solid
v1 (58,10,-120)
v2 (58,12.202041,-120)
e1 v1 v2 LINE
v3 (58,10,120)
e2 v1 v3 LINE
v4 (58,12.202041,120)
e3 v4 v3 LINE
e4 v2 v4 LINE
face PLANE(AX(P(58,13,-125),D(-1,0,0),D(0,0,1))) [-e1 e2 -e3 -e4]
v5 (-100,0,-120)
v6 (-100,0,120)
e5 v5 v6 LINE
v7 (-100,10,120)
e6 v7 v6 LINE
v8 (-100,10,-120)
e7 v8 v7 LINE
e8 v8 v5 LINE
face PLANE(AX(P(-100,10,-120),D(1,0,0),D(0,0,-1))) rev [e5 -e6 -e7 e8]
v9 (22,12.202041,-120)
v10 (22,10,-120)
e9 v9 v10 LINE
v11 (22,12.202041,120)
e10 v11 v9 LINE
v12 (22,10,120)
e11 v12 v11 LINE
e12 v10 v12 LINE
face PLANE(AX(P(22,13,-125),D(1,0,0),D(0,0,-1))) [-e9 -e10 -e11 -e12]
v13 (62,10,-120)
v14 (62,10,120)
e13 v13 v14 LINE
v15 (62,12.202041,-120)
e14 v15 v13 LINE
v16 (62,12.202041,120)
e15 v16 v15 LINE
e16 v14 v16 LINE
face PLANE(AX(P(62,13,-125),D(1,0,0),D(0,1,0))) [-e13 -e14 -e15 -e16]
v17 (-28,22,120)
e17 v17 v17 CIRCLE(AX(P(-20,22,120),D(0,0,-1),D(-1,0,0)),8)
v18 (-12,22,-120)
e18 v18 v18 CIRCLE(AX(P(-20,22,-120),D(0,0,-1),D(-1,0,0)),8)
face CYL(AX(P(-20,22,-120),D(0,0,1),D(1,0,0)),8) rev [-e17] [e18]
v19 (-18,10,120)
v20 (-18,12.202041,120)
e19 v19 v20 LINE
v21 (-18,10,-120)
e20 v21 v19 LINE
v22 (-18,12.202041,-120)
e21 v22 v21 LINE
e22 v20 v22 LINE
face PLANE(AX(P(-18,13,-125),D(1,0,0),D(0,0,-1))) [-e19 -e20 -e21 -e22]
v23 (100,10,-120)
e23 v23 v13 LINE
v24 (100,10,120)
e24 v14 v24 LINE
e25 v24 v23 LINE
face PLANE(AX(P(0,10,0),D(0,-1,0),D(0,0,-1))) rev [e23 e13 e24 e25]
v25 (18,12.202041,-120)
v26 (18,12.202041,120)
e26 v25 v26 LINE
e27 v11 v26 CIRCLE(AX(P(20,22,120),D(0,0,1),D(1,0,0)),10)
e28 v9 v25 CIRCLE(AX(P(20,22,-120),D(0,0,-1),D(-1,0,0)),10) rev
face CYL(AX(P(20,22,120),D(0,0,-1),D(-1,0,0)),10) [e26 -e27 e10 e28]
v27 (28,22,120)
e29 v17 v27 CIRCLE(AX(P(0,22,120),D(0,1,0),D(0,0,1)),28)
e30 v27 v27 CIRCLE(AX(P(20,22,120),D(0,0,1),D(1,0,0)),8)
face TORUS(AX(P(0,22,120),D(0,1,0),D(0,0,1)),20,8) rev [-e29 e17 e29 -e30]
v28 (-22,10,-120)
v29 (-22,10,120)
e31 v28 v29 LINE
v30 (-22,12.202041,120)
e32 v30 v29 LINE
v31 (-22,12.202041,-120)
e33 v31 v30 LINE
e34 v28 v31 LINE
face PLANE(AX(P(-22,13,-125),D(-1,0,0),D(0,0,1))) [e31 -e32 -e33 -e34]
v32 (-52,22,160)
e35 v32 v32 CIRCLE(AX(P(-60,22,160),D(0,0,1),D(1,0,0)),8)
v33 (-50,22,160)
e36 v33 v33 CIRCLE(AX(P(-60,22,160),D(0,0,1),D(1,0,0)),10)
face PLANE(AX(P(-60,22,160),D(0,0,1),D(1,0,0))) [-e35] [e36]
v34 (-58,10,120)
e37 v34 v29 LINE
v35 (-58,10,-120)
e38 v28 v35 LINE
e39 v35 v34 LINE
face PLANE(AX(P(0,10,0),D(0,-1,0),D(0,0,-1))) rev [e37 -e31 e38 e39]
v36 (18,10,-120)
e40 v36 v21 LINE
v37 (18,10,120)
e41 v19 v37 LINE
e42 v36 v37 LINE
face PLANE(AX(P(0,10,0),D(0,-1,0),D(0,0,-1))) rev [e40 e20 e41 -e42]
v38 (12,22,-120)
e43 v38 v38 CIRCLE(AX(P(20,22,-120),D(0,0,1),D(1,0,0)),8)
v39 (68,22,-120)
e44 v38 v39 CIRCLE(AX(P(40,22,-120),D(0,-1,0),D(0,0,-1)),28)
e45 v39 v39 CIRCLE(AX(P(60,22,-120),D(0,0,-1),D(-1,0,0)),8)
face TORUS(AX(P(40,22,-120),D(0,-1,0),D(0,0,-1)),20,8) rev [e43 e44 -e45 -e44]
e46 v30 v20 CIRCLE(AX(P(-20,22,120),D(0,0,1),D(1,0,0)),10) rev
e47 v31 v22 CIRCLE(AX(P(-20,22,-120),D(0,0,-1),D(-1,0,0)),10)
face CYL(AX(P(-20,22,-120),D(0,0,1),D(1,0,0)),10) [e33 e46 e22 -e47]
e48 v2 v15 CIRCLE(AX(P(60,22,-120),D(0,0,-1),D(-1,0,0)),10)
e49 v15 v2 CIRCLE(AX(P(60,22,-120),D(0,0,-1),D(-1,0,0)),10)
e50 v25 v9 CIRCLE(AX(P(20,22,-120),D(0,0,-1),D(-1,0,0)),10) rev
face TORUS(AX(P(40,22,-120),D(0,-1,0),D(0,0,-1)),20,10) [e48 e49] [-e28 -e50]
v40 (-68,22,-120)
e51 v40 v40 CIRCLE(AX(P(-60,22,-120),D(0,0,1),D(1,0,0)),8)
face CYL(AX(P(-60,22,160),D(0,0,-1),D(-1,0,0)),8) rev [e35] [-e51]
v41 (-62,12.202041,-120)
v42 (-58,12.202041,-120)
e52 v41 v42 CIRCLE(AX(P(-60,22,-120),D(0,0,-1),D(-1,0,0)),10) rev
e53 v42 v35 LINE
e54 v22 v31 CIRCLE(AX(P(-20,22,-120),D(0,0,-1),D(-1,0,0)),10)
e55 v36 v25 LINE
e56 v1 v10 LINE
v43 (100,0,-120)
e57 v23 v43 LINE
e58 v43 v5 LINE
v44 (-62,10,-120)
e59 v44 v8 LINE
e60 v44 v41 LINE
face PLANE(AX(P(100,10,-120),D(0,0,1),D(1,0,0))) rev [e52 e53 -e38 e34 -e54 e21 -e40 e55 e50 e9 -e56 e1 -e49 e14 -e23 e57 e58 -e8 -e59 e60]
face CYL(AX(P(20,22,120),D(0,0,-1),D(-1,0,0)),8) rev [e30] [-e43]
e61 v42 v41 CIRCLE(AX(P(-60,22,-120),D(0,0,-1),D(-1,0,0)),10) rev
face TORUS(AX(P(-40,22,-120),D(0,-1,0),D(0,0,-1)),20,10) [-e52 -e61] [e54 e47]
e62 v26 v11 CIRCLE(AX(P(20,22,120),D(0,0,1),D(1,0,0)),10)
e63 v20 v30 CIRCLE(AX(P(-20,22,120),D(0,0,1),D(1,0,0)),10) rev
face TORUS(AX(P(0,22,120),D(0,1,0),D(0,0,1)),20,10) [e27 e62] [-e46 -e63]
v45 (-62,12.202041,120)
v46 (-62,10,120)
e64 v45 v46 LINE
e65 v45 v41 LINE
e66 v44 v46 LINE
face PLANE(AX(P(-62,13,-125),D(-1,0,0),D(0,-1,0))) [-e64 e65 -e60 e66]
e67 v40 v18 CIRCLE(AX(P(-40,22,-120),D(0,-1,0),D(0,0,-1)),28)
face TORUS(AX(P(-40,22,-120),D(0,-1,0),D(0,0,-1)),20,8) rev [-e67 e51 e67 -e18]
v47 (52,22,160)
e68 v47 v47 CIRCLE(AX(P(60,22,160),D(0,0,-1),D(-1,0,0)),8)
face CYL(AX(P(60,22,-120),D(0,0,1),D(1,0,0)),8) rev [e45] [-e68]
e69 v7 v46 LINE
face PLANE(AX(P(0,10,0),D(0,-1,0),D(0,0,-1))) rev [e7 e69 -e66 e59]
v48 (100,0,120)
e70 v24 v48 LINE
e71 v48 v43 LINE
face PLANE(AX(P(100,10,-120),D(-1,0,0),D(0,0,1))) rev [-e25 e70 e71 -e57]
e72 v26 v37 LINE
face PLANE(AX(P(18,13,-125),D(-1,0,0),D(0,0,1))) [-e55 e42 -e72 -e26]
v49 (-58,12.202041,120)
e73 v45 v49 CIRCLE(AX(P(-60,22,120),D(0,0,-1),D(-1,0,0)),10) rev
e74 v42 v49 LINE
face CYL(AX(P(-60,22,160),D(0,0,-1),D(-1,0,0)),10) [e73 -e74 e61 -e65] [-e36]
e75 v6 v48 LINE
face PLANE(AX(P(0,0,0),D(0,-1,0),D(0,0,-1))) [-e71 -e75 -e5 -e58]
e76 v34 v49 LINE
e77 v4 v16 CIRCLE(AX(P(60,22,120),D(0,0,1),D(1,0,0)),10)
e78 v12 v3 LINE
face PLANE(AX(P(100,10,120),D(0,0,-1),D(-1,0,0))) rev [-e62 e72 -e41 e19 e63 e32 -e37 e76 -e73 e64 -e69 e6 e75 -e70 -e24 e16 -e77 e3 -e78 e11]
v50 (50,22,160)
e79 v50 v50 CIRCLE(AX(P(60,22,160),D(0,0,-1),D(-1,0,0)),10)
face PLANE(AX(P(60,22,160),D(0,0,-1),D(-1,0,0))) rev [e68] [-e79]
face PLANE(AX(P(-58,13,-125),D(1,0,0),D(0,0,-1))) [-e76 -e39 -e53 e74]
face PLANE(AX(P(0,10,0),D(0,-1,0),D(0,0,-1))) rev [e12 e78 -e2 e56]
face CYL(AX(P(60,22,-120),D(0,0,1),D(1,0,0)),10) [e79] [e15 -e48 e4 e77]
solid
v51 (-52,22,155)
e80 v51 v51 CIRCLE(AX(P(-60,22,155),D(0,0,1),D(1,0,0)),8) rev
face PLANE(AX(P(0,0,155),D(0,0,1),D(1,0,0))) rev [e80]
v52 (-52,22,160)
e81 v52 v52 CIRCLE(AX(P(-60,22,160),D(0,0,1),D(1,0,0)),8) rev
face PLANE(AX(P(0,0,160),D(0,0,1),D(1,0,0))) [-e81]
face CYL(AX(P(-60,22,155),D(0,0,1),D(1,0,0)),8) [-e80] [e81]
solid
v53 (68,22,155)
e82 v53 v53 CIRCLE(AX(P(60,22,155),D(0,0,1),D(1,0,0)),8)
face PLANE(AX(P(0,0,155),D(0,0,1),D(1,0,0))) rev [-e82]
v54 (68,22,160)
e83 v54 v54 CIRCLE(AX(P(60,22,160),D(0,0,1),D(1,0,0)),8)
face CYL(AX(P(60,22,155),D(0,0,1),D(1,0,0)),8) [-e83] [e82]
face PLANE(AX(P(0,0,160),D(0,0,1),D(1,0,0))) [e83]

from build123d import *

# Parameters (mm, degrees)
SKETCH1_W               = 200
SKETCH1_H               = 240
BOSS_EXTRUDE1_DEPTH     = 10
SWEEP_THIN1_PROFILE_R   = 10
SWEEP_THIN1_PROFILE_R_2 = 8
SKETCH16_W              = 4
SKETCH16_H              = 3
BOSS_EXTRUDE2_DEPTH     = 240
SKETCH17_R              = 8
LID_1_DEPTH             = 5
SKETCH17_3_R            = 8
LID_2_DEPTH             = 5


with BuildPart() as part:
    # Sketch1 → Boss-Extrude1 (new body)
    with BuildSketch(Plane(origin=(0, 0, 0), x_dir=(1, 0, 0), z_dir=(0, 1, 0))):
        Rectangle(SKETCH1_W, SKETCH1_H)
    extrude(amount=BOSS_EXTRUDE1_DEPTH)



with BuildPart() as body_2:
    # Sweep-Thin1: sweep along a path in Sketch2
    with BuildLine(Plane(origin=(0, 22, 0), x_dir=(1, 0, 0), z_dir=(0, 1, 0))) as sweep_thin1_path:
        Line((-60, -160), (-60, 120))
        ThreePointArc((-60, 120), (-40, 140), (-20, 120))
        Line((-20, 120), (-20, -120))
        ThreePointArc((-20, -120), (0, -140), (20, -120))
        Line((20, -120), (20, 120))
        ThreePointArc((20, 120), (40, 140), (60, 120))
        Line((60, 120), (60, -160))
    # Sweep-Thin1 profile (on start of the path) → Sweep-Thin1 (sweep)
    with BuildSketch(Plane(origin=(-60, 22, 160), x_dir=(-1, 0, 0), z_dir=(0, 0, -1))):
        Circle(SWEEP_THIN1_PROFILE_R)
        Circle(SWEEP_THIN1_PROFILE_R_2, mode=Mode.SUBTRACT)
    sweep(path=sweep_thin1_path.line)


with BuildPart() as part_1:
    add(part.part)

    add(body_2.part)  # Boss-Extrude2 merges body 2
    # Sketch16 → Boss-Extrude2 (add)
    with BuildSketch(Plane.XY.offset(120)):
        with Locations((-60, 11.5)):
            Rectangle(SKETCH16_W, SKETCH16_H)
        with Locations((60, 11.5)):
            Rectangle(SKETCH16_W, SKETCH16_H)
        with Locations((-20, 11.5)):
            Rectangle(SKETCH16_W, SKETCH16_H)
        with Locations((20, 11.5)):
            Rectangle(SKETCH16_W, SKETCH16_H)
    extrude(amount=-BOSS_EXTRUDE2_DEPTH)


with BuildPart() as body_2_2:
    # Sketch17 → Lid 1 (new body)
    with BuildSketch(Plane.XY.offset(160)):
        with Locations((-60, 22)):
            Circle(SKETCH17_R)
    extrude(amount=-LID_1_DEPTH)


with BuildPart() as body_3:
    # Sketch17<3> → Lid 2 (new body)
    with BuildSketch(Plane.XY.offset(160)):
        with Locations((60, 22)):
            Circle(SKETCH17_3_R)
    extrude(amount=-LID_2_DEPTH)


solid = Compound([part_1.part, body_2_2.part, body_3.part])
